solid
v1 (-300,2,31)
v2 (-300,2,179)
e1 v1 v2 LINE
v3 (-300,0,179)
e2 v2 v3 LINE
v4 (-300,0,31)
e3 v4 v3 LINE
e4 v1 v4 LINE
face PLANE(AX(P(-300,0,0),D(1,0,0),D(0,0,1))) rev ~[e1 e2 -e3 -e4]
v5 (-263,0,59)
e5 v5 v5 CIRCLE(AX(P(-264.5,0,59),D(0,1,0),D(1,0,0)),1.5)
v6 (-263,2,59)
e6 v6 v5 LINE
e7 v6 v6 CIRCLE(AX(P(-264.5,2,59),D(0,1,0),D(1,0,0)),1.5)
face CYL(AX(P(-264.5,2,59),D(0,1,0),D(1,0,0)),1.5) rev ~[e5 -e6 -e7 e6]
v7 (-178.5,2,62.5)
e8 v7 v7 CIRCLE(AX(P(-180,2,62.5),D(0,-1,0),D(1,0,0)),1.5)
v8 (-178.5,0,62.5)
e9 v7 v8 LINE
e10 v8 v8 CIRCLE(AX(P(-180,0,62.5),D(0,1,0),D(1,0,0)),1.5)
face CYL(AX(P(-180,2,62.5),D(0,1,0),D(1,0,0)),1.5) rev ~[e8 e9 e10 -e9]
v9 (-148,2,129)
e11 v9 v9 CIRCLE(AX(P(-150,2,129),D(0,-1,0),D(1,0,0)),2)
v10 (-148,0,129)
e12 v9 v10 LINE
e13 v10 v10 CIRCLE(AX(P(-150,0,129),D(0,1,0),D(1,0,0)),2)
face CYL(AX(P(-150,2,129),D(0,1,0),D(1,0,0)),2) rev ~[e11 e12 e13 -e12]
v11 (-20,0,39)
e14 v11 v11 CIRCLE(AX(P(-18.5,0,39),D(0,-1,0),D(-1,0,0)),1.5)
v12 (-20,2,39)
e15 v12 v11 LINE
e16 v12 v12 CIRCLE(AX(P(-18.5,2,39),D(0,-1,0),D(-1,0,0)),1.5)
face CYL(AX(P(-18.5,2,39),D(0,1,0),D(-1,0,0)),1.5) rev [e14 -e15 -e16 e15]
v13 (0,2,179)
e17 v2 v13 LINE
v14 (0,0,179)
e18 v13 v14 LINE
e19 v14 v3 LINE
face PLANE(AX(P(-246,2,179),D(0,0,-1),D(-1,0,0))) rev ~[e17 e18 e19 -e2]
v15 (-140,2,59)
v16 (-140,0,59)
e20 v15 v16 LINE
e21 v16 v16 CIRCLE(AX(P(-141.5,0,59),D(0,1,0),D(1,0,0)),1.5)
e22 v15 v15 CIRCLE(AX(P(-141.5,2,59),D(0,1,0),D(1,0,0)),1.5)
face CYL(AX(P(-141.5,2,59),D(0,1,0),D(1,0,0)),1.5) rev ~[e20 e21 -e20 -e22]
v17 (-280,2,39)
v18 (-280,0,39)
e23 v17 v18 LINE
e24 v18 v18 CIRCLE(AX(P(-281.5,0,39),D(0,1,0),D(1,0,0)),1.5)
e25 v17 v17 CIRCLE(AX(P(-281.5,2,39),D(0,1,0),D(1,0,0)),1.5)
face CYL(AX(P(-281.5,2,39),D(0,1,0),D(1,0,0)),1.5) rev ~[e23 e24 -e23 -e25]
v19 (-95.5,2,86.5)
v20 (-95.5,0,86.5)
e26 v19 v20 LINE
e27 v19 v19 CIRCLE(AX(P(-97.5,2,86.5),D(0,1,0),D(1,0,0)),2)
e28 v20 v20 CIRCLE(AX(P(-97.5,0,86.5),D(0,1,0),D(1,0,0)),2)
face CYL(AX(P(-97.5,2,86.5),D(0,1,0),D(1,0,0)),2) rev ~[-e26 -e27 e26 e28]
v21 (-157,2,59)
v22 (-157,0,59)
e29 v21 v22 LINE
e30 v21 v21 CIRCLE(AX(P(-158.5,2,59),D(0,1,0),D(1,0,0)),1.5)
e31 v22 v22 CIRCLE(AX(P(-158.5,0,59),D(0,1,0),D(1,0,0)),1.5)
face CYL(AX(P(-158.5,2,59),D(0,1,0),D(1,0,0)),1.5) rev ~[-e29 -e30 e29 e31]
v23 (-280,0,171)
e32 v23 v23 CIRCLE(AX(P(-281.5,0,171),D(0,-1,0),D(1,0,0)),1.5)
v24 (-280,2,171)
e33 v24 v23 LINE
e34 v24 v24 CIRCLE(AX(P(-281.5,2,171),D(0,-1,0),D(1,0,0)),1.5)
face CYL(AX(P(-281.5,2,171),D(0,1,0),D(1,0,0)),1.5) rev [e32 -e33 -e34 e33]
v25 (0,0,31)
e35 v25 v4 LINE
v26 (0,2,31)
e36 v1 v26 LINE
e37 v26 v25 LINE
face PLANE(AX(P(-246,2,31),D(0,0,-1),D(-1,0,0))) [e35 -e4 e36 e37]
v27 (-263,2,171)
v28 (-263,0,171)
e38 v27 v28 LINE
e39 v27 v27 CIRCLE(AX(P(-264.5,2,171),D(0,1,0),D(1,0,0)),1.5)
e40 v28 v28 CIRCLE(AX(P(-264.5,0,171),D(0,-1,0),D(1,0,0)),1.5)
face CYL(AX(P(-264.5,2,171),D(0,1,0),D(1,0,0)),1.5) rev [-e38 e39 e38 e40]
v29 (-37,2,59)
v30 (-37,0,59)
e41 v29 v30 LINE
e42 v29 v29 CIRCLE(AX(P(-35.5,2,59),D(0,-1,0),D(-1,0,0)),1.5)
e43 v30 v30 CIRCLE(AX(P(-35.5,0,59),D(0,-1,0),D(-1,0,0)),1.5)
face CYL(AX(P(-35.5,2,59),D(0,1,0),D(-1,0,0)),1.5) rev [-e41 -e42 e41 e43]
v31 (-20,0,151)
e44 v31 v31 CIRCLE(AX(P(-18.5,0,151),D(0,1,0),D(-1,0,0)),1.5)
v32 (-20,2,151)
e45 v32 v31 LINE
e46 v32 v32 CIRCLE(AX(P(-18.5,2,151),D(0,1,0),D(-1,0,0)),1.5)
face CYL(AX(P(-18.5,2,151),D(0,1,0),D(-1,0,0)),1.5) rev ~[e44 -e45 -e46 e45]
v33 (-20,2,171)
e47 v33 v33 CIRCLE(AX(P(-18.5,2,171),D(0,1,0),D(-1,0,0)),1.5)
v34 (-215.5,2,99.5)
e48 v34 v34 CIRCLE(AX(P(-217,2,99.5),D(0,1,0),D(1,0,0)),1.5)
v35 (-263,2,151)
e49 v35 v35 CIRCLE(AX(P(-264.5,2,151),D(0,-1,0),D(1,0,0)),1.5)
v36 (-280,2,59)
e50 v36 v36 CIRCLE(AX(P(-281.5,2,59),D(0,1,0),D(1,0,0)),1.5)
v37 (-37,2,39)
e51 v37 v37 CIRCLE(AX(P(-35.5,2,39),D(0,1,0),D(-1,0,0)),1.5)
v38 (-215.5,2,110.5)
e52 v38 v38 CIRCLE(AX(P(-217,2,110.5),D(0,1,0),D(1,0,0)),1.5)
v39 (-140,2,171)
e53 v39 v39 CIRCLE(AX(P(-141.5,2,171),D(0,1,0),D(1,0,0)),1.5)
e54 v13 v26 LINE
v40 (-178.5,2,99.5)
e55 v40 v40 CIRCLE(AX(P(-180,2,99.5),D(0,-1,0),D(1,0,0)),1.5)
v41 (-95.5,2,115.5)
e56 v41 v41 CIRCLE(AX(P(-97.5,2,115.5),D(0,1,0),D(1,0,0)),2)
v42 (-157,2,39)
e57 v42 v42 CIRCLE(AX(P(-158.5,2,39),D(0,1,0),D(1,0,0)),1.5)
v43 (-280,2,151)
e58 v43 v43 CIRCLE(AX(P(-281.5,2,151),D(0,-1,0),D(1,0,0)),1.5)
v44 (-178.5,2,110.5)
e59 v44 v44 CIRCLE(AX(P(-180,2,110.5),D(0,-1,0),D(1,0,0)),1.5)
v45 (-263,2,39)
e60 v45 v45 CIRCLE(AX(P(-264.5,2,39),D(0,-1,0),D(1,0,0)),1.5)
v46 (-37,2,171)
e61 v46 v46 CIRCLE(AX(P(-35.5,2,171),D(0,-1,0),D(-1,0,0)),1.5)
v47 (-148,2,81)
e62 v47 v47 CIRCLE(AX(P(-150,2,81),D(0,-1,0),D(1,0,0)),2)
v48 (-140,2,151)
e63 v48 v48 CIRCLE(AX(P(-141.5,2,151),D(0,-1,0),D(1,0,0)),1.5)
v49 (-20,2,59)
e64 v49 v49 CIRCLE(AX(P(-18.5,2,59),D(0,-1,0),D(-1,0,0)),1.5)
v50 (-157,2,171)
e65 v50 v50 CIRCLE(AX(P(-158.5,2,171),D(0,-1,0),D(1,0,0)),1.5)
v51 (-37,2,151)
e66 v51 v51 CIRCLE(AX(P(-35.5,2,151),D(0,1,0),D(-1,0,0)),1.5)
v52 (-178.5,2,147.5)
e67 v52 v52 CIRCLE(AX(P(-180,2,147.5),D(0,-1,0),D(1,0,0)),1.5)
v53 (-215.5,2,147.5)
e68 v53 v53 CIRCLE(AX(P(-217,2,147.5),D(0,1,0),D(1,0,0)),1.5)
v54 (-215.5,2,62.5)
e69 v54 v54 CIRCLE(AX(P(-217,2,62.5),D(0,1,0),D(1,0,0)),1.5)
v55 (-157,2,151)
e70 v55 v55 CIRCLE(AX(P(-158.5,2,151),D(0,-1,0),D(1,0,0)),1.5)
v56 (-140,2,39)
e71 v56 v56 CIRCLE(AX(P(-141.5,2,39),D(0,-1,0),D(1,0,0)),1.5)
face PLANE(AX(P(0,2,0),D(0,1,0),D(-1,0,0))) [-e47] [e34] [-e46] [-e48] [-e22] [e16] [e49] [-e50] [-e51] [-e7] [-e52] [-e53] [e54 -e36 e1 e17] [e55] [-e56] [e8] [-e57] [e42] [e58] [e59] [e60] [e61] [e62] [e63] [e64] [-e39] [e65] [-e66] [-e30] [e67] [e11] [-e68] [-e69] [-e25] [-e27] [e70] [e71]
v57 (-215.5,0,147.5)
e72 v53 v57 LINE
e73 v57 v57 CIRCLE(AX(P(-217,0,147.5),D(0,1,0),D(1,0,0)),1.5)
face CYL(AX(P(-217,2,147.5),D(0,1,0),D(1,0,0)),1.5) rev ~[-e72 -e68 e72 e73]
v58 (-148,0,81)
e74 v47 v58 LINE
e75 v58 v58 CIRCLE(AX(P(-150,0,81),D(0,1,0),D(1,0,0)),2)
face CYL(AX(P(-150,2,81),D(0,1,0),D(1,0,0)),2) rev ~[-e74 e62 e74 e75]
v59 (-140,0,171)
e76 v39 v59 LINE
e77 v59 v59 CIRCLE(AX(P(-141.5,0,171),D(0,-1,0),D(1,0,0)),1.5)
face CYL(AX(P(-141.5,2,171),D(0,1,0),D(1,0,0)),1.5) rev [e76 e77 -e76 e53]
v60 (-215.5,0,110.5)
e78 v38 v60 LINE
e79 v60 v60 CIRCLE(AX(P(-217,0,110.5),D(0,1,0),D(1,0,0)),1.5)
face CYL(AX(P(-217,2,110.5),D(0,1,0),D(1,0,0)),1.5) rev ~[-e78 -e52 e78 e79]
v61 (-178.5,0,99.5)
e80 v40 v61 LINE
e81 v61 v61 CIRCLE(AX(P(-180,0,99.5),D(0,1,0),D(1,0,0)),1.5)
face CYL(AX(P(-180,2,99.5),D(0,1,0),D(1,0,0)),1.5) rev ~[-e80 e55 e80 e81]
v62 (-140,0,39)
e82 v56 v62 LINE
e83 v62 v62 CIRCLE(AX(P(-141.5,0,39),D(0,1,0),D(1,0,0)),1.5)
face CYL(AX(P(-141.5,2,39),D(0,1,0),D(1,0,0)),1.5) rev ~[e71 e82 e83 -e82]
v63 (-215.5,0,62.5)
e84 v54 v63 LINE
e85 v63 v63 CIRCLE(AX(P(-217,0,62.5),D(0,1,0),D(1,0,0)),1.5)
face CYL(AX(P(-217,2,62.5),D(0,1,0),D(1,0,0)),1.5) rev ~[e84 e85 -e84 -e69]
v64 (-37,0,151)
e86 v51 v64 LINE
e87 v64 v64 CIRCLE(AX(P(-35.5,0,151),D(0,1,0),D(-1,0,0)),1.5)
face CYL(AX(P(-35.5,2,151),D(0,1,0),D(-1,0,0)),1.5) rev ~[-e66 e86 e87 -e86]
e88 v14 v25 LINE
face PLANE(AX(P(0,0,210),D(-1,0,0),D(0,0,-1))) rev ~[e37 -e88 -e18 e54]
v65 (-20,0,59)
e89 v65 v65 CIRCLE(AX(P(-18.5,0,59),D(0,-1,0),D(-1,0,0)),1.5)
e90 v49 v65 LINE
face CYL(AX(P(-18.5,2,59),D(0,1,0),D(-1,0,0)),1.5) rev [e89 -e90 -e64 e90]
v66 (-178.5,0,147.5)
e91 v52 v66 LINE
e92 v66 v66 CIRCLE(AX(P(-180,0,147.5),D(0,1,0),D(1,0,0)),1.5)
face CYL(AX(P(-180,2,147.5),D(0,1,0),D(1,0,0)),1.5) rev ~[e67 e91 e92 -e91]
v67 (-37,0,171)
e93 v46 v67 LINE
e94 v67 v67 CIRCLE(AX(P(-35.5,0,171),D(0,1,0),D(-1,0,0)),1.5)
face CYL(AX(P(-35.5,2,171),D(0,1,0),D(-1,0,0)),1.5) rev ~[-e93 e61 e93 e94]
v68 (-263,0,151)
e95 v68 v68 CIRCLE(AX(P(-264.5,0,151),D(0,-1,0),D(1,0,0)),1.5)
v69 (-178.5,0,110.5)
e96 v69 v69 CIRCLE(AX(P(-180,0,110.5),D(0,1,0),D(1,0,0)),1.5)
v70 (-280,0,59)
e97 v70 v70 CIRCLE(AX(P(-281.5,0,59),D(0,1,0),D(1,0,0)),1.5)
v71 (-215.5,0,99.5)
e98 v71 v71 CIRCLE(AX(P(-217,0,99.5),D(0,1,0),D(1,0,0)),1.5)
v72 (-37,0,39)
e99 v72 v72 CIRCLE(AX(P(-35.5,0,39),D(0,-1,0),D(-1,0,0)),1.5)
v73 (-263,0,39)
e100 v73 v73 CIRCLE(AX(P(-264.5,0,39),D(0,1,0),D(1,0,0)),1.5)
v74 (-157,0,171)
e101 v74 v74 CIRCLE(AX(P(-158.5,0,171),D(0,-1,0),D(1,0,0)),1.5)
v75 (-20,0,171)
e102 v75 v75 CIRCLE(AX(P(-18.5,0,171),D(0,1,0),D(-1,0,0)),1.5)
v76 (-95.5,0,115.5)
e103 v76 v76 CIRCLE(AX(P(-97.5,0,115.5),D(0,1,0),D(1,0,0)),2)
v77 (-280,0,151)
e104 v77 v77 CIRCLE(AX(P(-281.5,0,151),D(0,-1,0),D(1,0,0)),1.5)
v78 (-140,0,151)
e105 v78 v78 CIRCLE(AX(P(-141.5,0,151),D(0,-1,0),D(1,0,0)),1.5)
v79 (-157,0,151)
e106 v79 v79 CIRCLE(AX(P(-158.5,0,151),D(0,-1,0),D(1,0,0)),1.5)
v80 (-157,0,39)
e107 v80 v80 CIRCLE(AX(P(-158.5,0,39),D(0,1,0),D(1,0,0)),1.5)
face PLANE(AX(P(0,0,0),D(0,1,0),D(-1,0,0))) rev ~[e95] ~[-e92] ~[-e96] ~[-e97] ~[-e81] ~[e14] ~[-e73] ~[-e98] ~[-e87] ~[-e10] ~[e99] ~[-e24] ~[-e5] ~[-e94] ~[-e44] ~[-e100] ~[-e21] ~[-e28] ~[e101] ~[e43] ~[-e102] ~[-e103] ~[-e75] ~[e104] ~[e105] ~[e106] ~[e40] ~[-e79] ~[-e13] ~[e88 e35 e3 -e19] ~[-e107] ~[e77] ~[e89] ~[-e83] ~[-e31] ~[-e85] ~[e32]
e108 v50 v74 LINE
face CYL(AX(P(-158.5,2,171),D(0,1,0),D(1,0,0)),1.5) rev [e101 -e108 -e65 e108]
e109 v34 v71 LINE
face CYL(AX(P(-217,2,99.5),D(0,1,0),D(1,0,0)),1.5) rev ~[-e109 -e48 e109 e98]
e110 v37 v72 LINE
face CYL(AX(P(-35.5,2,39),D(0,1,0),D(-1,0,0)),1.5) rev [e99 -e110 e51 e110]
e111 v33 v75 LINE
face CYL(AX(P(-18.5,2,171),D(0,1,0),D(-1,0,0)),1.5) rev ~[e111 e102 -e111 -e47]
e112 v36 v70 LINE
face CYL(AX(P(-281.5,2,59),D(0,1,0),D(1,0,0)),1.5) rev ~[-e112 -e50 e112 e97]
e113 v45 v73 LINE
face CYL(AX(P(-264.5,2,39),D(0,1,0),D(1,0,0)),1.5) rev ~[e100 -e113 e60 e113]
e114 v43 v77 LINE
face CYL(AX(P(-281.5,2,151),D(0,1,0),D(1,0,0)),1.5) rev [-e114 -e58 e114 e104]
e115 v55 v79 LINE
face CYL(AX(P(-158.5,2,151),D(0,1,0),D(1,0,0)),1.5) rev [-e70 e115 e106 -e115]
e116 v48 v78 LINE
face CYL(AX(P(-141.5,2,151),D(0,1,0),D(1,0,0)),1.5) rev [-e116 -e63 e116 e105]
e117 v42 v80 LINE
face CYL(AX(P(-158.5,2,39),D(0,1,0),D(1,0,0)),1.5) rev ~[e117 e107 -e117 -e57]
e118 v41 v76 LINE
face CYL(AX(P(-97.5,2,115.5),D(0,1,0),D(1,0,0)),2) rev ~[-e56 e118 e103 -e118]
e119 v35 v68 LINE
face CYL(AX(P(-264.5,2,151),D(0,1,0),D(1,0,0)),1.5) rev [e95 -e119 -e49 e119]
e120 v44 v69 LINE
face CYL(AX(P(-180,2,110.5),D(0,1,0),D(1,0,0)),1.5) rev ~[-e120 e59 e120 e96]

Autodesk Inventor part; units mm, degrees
ref_plane "YZ Plane" through (0, 0, 0) normal (1, 0, 0) x (0, 1, 0)
ref_plane "XZ Plane" through (0, 0, 0) normal (0, 1, 0) x (-1, 0, 0)
ref_plane "XY Plane" through (0, 0, 0) normal (0, 0, 1) x (1, 0, 0)
sketch "草圖1" plane through (0, 0, 0) normal (0, 1, 0) x (-1, 0, 0)
  point P0 (0, 0)
sketch "草圖2" plane through (0, 0, 0) normal (0, 1, 0) x (-1, 0, 0)
  line L0 (0, 0) -> (300, 0)
  line L1 (300, 0) -> (300, 210)
  line L2 (300, 210) -> (0, 210)
  line L3 (0, 210) -> (0, 0)
  dimension "d0" = 210
  dimension "d1" = 300
extrude "擠出1" add sketch "草圖2" along normal blind 2
sketch "草圖4" plane through (0, 2, 0) normal (0, 1, 0) x (1, 0, 0)
  line L0 (-300, 0) -> (-300, -210) projected
  line L1 (-300, -210) -> (-246, -210)
  line L2 (-246, -210) -> (-246, -179)
  line L3 (-246, -179) -> (-300, -179)
  line L4 (-300, -179) -> (-300, -210)
  line L5 (-300, 0) -> (-246, 0)
  line L6 (-246, 0) -> (-246, -31)
  line L7 (-246, -31) -> (-300, -31)
  line L8 (-300, -31) -> (-300, 0)
  line L9 (0, 0) -> (-300, 0) projected
  line L10 (0, 0) -> (-54, 0)
  line L11 (-54, 0) -> (-54, -31)
  line L12 (-54, -31) -> (0, -31)
  line L13 (0, -31) -> (0, 0)
  line L14 (0, -210) -> (0, 0) projected
  line L15 (0, -210) -> (-54, -210)
  line L16 (-54, -210) -> (-54, -179)
  line L17 (-54, -179) -> (0, -179)
  line L18 (0, -179) -> (0, -210)
  line L19 (-246, -179) -> (-54, -179)
  line L20 (-54, -31) -> (-54, -179)
  line L21 (-54, -31) -> (-246, -31)
  line L22 (-246, -31) -> (-246, -179)
  line L23 (-300, 0) -> (-300, -210) projected
  line L24 (-300, -210) -> (0, -210) projected
  line L25 (0, -210) -> (0, 0) projected
  line L26 (0, 0) -> (-300, 0) projected
  point P0 (-300, -31)
  dimension "d9" = 54
  dimension "d10" = 31
extrude "擠出3" cut sketch "草圖4" against normal up to surface (2 mm away) contours L5 L6 L7 L0 | L9 L11 L21 L6 | L3 L2 L1 L0 | L9 L13 L12 L11 | L19 L16 L24 L2 | L17 L14 L15 L16
sketch "草圖5" plane through (0, 2, 0) normal (0, 1, 0) x (1, 0, 0)
  circle A0 centre (-281.5, -39) radius 1.5
  circle A1 centre (-264.5, -39) radius 1.5
  circle A2 centre (-281.5, -59) radius 1.5
  circle A3 centre (-264.5, -59) radius 1.5
  line L0 (-281.5, -39) -> (-264.5, -39)
  line L1 (-273, -39) -> (-273, -53.0368)
  line L2 (-300, -31) -> (-300, -179) projected
  line L3 (0, -31) -> (-300, -31) projected
  point P0 (0, 0)
  point P1 (-246, -31)
  dimension "d13" = 3
  dimension "d14" = 17
  dimension "d16" = 20
  dimension "d17" = 27
  dimension "d20" = 8
extrude "擠出4" cut sketch "草圖5" against normal up to surface (2 mm away)
ref_plane "工作平面2" through (-150, 0, 31) normal (-1, 0, 0) x (0, 0, 1)
ref_plane "工作平面1" through (-300, 2, 105) normal (0, 0, 1) x (1, 0, 0)
mirror "鏡射1" about plane through (-300, 2, 105) normal (0, 0, 1) of "擠出4"
pattern_linear "矩形陣列1" count 2 spacing 123 along (1, 0, 0) of "擠出4"
mirror "鏡射2" about plane through (-150, 0, 31) normal (-1, 0, 0) of "擠出4", "鏡射1"
sketch "草圖6" plane through (0, 2, 0) normal (0, 1, 0) x (1, 0, 0)
  line L0 (-150, -214.8) -> (-150, 35.8) projected
  line L1 (60, -105) -> (-360, -105) projected
  circle A0 centre (-150, -81) radius 2
  circle A1 centre (-97.5, -94.5) radius 2
  circle A2 centre (-97.5, -123.5) radius 2
  circle A3 centre (-150, -129) radius 2
  circle A4 centre (-150, -81) radius 2
  circle A5 centre (-97.5, -94.5) radius 2
  circle A6 centre (-97.5, -123.5) radius 2
  circle A7 centre (-150, -129) radius 2
  line L2 (-150, -81) -> (-150, -129)
  line L3 (-150, -105) -> (-130.1449, -105)
  circle A8 centre (-217, -62.5) radius 1.5
  circle A9 centre (-180, -62.5) radius 1.5
  circle A10 centre (-180, -99.5) radius 1.5
  circle A11 centre (-217, -99.5) radius 1.5
  line L4 (-180, -62.5) -> (-180, -99.5)
  line L5 (-180, -81) -> (-200.7976, -81)
  line L6 (-150, -81) -> (-180, -81)
  line L7 (-150, -129) -> (-180, -129)
  circle A12 centre (-217, -110.5) radius 1.5
  circle A13 centre (-180, -110.5) radius 1.5
  circle A14 centre (-180, -147.5) radius 1.5
  circle A15 centre (-217, -147.5) radius 1.5
  line L8 (-180, -110.5) -> (-180, -147.5)
  line L9 (-180, -129) -> (-200.7976, -129)
  circle A16 centre (-97.5, -115.5) radius 2
  circle A17 centre (-97.5, -86.5) radius 2
  circle A18 centre (-97.5, -115.5) radius 2
  circle A19 centre (-97.5, -86.5) radius 2
  point P0 (0, 0)
  dimension "d23" = 30
  dimension "d24" = 30
extrude "擠出5" cut sketch "草圖6" against normal up to surface (2 mm away) contours A3 L7 L0 | A14 | A13 | A10 | A9 | A0 L6 L0 | L0 A0 | L0 A3 | L7 A3 L0 | L6 A0 L0 | A8 | A11 | A12 | A15 | A16 | A17
mirror "鏡射3" about plane through (-300, 2, 105) normal (0, 0, 1) of "擠出4", "矩形陣列1"
equation "\"d0\" = W_"
equation "\"d1\" = L_"
equation "\"d2\" = h_"
equation "\"d9\" = wheel_d"
equation "\"d13\" = screw_hole"
equation "\"W_\" = 210"
equation "\"L_\" = 300"
equation "\"h_\" = 2"
equation "\"wheel_d\" = 54"
equation "\"wheel_w\" = 25"
equation "\"screw_hole\" = 3"
properties part number "base"
